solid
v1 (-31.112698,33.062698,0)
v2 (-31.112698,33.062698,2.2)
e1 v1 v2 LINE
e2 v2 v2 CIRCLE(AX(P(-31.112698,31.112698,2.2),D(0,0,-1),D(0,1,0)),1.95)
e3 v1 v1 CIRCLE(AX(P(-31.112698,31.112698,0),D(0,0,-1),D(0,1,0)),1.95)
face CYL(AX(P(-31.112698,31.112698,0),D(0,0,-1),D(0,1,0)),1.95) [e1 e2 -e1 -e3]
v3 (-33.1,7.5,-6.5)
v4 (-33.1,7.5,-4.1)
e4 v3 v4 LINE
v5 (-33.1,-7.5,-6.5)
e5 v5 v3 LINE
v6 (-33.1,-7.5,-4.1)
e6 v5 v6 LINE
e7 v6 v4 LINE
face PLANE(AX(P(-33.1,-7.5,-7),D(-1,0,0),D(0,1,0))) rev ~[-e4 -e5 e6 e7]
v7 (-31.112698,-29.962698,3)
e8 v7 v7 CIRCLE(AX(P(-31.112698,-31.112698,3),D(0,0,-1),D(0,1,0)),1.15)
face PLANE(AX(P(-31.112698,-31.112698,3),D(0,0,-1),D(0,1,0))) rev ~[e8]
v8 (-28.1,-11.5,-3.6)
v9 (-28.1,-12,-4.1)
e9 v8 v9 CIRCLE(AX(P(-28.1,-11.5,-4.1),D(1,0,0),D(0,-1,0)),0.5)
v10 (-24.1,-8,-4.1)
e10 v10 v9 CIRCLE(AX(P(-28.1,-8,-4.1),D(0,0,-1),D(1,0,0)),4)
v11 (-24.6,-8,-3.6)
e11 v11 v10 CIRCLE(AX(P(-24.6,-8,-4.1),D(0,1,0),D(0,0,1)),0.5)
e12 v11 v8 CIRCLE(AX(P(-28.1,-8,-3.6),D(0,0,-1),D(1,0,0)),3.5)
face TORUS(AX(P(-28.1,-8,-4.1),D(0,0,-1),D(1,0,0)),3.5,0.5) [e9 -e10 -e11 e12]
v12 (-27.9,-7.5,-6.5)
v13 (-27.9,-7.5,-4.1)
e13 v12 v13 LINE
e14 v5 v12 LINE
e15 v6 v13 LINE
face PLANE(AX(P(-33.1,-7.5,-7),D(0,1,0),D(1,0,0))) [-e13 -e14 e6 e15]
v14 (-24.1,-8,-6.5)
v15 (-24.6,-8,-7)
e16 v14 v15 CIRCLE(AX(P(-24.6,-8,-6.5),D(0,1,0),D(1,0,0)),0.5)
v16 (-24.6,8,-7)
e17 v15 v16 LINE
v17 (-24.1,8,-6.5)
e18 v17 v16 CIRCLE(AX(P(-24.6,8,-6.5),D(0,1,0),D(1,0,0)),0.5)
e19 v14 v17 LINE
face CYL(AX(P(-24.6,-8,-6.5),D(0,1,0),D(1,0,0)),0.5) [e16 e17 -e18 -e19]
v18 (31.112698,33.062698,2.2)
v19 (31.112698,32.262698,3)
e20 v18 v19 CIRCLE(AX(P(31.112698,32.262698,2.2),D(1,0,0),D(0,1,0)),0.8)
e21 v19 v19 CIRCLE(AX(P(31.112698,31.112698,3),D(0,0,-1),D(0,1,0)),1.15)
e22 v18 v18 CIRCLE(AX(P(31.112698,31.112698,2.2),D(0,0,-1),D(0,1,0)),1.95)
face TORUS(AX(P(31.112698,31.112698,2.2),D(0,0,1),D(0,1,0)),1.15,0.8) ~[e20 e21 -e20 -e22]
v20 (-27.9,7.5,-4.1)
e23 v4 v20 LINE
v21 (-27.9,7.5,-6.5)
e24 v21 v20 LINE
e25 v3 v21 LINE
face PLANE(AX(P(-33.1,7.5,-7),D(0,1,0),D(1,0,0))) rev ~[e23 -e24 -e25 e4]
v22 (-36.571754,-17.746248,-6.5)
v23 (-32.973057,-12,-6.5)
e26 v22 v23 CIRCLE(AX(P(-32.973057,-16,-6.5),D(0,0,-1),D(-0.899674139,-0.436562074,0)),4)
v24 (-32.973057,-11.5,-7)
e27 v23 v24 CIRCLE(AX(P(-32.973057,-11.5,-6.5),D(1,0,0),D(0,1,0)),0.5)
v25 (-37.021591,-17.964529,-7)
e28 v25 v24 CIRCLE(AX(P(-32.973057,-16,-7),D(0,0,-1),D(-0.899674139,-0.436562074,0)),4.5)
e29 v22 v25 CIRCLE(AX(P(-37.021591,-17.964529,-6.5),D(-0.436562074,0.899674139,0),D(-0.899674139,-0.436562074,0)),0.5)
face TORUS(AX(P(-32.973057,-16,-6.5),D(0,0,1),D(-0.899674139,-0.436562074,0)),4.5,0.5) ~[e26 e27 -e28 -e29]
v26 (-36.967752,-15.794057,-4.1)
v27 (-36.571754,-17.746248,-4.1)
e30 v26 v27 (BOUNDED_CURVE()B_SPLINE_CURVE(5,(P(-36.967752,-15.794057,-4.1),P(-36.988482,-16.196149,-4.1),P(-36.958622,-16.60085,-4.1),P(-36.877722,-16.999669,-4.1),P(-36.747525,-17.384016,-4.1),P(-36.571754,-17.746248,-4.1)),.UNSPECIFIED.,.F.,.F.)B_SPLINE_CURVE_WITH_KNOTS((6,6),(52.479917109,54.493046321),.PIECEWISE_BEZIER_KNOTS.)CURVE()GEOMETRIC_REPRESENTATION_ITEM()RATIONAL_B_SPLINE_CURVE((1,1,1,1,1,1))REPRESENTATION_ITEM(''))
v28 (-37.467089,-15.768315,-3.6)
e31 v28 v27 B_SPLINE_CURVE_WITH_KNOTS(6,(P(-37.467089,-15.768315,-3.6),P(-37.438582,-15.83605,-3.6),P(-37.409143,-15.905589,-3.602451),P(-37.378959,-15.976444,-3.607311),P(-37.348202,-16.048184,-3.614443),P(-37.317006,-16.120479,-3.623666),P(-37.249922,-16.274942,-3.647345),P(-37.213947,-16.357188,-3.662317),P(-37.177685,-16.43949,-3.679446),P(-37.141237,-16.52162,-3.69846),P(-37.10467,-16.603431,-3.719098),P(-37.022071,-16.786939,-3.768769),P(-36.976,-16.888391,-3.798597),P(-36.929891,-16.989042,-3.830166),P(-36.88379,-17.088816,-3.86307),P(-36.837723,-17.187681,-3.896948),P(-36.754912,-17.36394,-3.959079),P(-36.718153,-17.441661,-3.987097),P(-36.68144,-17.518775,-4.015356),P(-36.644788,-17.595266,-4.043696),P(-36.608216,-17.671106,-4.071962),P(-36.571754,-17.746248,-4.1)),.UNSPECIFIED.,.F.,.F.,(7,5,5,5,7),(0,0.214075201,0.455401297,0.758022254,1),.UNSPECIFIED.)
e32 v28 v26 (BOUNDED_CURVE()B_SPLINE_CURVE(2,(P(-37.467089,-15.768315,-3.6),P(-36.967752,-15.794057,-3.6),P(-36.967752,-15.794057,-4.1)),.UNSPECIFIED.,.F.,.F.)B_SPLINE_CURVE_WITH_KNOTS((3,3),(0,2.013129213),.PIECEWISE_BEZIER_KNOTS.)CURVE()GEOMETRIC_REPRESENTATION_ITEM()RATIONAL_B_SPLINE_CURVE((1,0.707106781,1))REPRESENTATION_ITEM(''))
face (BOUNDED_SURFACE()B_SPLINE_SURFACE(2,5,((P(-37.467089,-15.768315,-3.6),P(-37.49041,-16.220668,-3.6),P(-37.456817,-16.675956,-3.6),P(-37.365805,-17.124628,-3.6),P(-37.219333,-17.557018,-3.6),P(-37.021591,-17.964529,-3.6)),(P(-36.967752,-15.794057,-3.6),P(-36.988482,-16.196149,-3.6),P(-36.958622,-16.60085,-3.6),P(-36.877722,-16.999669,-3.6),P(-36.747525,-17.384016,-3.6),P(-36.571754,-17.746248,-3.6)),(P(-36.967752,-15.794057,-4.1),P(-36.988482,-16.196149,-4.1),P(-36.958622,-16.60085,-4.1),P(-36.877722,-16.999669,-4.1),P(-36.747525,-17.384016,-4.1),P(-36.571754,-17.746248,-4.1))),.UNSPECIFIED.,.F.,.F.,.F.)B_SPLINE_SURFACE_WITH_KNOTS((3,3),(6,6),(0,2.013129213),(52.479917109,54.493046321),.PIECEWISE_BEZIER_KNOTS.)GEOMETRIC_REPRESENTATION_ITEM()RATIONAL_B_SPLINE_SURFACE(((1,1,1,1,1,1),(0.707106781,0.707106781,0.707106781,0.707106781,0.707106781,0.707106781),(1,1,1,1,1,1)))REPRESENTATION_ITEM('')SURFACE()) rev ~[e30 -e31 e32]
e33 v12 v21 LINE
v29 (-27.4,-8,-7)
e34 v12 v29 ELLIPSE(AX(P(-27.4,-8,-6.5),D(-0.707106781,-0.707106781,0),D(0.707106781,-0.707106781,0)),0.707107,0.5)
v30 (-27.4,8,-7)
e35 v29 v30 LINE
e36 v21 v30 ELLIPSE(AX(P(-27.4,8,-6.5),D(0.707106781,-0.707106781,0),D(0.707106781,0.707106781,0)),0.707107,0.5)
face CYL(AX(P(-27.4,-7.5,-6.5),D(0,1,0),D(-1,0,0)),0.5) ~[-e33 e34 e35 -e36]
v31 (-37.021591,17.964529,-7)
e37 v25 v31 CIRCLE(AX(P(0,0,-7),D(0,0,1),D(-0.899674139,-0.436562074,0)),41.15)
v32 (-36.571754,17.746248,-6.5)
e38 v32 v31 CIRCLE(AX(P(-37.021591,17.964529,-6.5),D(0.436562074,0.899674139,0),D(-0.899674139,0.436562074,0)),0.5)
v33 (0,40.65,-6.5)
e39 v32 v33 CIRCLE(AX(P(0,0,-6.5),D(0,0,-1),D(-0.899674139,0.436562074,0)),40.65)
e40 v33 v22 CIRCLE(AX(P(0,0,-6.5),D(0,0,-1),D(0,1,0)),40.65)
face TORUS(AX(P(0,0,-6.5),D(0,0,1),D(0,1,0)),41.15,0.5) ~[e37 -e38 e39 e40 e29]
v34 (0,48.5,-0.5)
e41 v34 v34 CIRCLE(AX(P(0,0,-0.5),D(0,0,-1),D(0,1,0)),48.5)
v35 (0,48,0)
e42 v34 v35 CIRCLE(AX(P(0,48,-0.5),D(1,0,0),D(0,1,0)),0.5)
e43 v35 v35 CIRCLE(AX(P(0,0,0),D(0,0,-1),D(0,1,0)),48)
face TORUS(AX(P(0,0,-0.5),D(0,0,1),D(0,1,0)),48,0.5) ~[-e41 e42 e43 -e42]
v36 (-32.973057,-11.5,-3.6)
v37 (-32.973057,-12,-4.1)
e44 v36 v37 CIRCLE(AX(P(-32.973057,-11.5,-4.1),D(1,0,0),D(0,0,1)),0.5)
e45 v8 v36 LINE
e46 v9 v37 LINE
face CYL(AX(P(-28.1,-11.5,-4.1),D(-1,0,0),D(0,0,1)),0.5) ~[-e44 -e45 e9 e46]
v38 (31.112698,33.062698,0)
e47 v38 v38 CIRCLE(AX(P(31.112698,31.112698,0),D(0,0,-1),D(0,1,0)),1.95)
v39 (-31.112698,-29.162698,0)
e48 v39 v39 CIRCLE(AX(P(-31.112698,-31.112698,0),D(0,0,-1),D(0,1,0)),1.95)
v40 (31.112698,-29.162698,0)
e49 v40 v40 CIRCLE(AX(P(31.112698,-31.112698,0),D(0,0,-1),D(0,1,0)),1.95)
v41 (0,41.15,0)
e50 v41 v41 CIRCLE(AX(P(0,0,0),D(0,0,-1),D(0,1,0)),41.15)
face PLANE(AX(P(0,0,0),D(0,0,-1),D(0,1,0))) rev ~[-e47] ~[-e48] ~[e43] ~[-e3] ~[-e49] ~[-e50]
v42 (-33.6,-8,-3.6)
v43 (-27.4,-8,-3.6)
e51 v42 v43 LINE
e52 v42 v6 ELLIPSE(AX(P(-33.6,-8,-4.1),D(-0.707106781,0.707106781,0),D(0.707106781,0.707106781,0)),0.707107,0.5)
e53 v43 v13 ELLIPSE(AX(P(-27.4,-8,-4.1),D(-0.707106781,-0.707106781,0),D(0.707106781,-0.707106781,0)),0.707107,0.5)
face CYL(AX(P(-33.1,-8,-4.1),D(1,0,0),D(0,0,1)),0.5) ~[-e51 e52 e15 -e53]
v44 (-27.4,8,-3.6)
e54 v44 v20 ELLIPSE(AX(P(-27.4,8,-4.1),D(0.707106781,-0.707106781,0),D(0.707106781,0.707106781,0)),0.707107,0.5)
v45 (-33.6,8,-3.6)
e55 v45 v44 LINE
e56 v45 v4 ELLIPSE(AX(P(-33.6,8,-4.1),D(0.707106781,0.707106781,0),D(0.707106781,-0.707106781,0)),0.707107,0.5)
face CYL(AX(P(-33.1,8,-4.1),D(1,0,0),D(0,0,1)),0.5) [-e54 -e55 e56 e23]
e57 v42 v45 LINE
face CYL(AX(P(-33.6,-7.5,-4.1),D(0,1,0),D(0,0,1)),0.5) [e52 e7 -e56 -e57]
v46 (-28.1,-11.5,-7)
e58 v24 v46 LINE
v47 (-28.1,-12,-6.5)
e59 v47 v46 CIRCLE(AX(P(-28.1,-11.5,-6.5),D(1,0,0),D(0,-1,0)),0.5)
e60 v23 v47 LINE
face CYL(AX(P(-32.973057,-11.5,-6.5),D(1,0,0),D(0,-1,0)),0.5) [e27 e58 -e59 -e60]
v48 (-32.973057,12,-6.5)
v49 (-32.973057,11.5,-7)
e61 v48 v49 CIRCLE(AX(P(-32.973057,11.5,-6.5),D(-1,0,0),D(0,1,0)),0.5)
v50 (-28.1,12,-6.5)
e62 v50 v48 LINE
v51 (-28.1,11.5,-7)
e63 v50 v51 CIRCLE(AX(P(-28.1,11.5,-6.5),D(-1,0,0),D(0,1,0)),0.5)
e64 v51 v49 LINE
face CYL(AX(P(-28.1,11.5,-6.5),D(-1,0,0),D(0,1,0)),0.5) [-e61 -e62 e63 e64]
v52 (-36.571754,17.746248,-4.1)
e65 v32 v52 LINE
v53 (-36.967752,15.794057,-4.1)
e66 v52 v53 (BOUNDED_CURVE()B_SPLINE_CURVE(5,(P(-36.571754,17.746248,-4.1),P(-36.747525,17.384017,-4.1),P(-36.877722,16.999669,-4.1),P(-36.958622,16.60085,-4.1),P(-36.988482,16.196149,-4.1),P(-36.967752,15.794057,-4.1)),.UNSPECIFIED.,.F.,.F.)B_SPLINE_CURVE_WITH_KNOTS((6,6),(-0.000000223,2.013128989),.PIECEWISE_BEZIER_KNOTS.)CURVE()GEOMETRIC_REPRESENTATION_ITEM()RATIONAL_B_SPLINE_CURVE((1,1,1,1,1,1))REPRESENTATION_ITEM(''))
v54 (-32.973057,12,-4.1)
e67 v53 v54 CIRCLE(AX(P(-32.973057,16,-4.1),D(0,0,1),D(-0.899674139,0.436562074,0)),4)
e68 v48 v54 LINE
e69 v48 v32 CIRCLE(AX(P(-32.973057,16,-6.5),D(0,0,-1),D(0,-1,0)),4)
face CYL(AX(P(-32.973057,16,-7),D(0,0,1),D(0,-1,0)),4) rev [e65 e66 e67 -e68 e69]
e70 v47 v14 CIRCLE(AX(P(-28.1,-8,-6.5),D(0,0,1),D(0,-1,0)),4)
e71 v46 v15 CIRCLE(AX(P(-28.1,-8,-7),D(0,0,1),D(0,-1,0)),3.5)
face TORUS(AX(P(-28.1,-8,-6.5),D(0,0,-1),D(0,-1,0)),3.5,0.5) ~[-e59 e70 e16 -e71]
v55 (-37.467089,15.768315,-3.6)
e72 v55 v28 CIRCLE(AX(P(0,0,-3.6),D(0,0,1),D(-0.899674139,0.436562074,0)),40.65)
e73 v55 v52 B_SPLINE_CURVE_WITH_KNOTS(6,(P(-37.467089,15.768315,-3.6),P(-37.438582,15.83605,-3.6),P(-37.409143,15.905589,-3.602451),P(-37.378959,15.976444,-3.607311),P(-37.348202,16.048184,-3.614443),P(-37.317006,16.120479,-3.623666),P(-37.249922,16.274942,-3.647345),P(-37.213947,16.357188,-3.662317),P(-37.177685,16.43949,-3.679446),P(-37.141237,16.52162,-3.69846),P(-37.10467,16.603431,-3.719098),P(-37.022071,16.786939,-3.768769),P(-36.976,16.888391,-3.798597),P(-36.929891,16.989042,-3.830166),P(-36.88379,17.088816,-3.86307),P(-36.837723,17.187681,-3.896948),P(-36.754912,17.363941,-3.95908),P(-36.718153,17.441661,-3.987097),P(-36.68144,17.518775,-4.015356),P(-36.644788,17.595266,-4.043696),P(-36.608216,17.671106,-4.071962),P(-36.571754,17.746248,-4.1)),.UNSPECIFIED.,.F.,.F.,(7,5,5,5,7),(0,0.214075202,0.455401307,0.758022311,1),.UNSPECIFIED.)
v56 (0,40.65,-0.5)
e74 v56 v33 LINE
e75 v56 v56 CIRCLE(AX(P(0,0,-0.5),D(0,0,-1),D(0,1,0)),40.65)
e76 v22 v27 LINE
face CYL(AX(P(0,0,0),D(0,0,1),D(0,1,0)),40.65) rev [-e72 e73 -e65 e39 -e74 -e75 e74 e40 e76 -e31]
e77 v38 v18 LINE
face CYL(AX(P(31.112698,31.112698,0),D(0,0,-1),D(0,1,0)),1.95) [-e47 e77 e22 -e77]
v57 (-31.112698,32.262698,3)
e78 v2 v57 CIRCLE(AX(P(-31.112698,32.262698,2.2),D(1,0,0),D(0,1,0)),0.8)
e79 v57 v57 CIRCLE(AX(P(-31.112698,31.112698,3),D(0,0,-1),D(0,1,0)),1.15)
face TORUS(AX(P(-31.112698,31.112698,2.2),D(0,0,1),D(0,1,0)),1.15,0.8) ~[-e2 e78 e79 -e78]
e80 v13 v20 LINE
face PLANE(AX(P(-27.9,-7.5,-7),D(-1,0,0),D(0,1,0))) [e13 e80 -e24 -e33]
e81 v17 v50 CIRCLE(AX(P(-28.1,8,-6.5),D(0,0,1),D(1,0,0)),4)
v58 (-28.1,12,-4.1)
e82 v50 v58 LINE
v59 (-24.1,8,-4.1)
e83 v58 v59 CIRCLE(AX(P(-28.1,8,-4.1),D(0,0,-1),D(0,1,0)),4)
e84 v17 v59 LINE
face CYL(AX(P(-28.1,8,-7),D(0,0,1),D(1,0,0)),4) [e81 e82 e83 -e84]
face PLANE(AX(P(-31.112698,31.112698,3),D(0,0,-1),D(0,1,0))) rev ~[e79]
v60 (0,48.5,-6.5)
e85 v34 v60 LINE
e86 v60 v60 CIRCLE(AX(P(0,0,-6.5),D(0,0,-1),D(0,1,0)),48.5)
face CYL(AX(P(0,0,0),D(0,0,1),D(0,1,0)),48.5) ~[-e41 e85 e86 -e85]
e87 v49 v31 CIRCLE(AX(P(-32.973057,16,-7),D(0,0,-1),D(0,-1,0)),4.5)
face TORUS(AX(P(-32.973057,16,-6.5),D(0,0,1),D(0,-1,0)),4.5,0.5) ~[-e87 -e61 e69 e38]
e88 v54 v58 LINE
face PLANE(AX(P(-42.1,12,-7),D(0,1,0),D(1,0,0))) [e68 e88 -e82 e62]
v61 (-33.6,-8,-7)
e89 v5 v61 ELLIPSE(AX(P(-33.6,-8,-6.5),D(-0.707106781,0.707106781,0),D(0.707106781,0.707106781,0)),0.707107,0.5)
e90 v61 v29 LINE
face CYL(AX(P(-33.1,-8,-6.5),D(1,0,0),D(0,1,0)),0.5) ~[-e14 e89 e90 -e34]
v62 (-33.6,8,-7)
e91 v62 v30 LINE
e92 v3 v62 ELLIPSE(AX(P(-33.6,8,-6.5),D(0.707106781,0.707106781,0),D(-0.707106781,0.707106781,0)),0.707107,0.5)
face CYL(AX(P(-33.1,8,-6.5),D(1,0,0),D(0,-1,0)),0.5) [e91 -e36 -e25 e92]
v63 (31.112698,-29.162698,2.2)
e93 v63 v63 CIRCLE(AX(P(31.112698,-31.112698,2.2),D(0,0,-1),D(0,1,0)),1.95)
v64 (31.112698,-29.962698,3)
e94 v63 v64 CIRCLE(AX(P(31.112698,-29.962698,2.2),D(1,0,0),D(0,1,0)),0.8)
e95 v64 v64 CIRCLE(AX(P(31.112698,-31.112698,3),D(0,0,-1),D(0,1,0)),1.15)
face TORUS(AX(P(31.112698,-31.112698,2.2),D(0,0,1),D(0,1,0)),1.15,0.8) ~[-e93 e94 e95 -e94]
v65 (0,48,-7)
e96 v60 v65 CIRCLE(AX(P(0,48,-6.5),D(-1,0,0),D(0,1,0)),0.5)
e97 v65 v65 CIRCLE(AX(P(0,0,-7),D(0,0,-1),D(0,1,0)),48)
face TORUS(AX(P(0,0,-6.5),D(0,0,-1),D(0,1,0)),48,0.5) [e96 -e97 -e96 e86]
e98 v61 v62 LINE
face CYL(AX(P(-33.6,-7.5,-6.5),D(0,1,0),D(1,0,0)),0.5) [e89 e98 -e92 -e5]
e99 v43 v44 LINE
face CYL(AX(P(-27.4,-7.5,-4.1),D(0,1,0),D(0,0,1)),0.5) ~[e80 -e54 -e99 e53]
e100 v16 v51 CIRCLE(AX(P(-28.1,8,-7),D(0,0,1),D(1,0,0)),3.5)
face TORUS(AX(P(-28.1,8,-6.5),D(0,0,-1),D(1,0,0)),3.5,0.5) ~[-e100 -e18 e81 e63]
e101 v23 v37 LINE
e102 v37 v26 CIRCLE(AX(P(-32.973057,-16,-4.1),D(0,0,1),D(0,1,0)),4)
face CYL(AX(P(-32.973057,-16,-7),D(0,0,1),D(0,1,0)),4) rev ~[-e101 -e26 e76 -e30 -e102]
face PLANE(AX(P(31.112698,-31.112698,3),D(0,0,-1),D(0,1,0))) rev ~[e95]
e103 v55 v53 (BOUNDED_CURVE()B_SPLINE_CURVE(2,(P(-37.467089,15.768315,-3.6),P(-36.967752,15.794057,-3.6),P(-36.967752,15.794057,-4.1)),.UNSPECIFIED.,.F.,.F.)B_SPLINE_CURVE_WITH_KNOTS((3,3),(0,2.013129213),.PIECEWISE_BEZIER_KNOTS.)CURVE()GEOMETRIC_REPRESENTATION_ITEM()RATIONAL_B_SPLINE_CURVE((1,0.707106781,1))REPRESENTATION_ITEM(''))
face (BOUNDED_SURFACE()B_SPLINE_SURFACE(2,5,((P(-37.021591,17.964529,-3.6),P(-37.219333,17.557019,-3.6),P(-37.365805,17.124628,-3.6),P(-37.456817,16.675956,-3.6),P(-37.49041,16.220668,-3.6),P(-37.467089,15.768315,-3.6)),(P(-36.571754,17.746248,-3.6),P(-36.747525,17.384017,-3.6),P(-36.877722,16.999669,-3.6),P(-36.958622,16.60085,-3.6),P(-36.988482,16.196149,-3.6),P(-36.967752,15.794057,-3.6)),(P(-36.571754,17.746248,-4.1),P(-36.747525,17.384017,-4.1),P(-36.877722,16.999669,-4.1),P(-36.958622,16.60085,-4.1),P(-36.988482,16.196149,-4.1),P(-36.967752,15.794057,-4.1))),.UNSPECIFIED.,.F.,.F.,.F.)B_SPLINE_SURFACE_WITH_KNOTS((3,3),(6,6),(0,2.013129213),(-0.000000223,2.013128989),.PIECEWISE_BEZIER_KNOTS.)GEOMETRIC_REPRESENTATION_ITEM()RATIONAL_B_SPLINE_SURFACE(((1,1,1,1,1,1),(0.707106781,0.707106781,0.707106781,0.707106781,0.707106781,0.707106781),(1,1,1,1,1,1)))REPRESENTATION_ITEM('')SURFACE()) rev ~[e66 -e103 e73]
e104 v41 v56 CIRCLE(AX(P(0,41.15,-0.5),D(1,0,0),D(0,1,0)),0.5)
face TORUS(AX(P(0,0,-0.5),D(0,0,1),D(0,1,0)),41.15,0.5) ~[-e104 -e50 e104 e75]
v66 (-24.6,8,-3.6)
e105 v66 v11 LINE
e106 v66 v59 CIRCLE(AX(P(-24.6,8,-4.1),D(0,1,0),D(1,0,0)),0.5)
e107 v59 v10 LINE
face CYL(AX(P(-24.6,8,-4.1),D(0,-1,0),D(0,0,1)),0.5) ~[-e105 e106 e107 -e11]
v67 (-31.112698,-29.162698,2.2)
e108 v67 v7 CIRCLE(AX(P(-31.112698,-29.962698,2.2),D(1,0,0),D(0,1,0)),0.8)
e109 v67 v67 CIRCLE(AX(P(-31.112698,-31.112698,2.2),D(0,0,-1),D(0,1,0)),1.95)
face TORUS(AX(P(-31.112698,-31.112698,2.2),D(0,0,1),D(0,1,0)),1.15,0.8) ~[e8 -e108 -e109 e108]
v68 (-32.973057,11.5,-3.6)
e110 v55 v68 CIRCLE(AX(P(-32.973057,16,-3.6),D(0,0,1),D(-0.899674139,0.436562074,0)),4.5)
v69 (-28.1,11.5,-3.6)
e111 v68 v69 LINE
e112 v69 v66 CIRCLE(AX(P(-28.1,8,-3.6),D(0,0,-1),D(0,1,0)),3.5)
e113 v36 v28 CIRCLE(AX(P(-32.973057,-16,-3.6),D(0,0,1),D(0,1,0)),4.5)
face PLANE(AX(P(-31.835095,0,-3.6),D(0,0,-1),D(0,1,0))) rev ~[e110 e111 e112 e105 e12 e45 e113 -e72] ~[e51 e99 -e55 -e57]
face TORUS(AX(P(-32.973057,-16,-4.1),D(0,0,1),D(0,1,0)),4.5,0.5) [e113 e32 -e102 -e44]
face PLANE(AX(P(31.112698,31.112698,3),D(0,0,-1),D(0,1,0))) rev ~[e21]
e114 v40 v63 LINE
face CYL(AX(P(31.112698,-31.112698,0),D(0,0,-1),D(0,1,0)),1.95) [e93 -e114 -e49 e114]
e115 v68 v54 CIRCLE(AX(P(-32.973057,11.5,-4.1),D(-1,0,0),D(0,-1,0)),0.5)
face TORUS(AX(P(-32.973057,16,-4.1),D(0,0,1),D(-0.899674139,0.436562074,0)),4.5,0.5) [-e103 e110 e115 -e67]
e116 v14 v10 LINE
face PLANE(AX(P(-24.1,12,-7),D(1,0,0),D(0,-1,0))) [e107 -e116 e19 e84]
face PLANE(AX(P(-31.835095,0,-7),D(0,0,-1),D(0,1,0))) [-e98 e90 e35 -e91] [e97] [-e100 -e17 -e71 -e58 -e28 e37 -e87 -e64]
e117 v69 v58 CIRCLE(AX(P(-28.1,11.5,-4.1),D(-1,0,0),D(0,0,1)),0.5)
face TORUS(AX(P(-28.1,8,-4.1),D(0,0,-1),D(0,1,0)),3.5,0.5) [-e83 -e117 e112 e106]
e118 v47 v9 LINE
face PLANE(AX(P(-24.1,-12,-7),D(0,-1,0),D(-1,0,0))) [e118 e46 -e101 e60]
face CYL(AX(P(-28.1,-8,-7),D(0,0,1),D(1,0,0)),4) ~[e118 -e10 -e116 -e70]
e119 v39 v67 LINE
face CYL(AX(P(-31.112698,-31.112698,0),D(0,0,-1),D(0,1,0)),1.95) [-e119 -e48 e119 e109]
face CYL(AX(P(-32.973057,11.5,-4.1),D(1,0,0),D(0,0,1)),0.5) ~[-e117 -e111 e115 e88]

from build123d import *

# Parameters (mm, degrees)
F0_R     = 48.5
F0_R_2   = 1.95
F0_R_3   = 40.65
F1_DEPTH = 7
F2_DEPTH = 3
F3_R     = 0.8
F4_W     = 15
F4_H     = 5.2
F5_DEPTH = 3.4
F6_R     = 4
F7_R     = 0.5
F8_R     = 0.5
F9_ANGLE = 180


with BuildPart() as f1:
    # F0 (on Top) → F1 (new body)
    with BuildSketch(Plane.XY):
        Circle(F0_R)
        with Locations((-31.1126983722, -31.1126983722)):
            Circle(F0_R_2, mode=Mode.SUBTRACT)
        with Locations((31.1126983722, -31.1126983722)):
            Circle(F0_R_2, mode=Mode.SUBTRACT)
        with Locations((-31.1126983722, 31.1126983722)):
            Circle(F0_R_2, mode=Mode.SUBTRACT)
        Circle(F0_R_3, mode=Mode.SUBTRACT)
        with Locations((31.1126983722, 31.1126983722)):
            Circle(F0_R_2, mode=Mode.SUBTRACT)
        with Locations((-31.1126983722, 31.1126983722)):
            Circle(F0_R_2)
        with Locations((31.1126983722, 31.1126983722)):
            Circle(F0_R_2)
        with Locations((31.1126983722, -31.1126983722)):
            Circle(F0_R_2)
        with Locations((-31.1126983722, -31.1126983722)):
            Circle(F0_R_2)
    extrude(amount=F1_DEPTH)

    # F0 (on Top) → F2 (join)
    with BuildSketch(Plane.XY):
        with Locations((31.1126983722, 31.1126983722)):
            Circle(F0_R_2)
        with Locations((-31.1126983722, 31.1126983722)):
            Circle(F0_R_2)
        with Locations((-31.1126983722, -31.1126983722)):
            Circle(F0_R_2)
        with Locations((31.1126983722, -31.1126983722)):
            Circle(F0_R_2)
    extrude(amount=-F2_DEPTH)

    # F3
    f3_edges = [f1.edges().sort_by_distance(p)[0] for p in [
        (29.162698, 31.112698, -3),
        (-33.062698, 31.112698, -3),
        (-33.062698, -31.112698, -3),
        (29.162698, -31.112698, -3),
    ]]
    fillet(f3_edges, radius=F3_R)

    # F4 (on face) → F5 (join)
    with BuildSketch(Plane.XY.offset(7)):
        with BuildLine():
            Line((12, -38.8384152612), (12, -24.1))
            Line((12, -24.1), (-12, -24.1))
            Line((-12, -24.1), (-12, -38.8384152612))
            ThreePointArc((-12, -38.8384152612), (0, -40.65), (12, -38.8384152612))
        make_face()
        with Locations((0, -30.5)):
            Rectangle(F4_W, F4_H, mode=Mode.SUBTRACT)
        with BuildLine():
            Line((12, -42.1), (12, -38.8384152612))
            ThreePointArc((12, -38.8384152612), (0, -40.65), (-12, -38.8384152612))
            Line((-12, -38.8384152612), (-12, -42.1))
            Line((-12, -42.1), (12, -42.1))
        make_face()
    extrude(amount=-F5_DEPTH)

    # F6
    f6_edges = [f1.edges().sort_by_distance(p)[0] for p in [
        (-12, -24.1, 5.3),
        (12, -24.1, 5.3),
        (12, -38.838415, 5.3),
        (-12, -38.838415, 5.3),
    ]]
    fillet(f6_edges, radius=F6_R)

    # F7
    f7_edges = [f1.edges().sort_by_distance(p)[0] for p in [
        (-21.575884, 34.451469, 7),
        (-13.876912, -36.363116, 7),
        (34.451469, -21.575884, 7),
        (-12, -30.536529, 7),
        (13.876912, -36.363116, 7),
        (-10.828427, -25.271573, 7),
        (12, -30.536529, 7),
        (0, -24.1, 7),
        (10.828427, -25.271573, 7),
        (-48.5, 0, 7),
        (0, -33.1, 7),
        (-7.5, -30.5, 7),
        (0, -27.9, 7),
        (7.5, -30.5, 7),
    ]]
    fillet(f7_edges, radius=F7_R)

    # F8 (call 1 of 4: OpenCascade refuses the feature's edges together)
    f8_edges = [f1.edges().sort_by_distance(p)[0] for p in [
        (-48.5, 0, 0),
    ]]
    fillet(f8_edges, radius=F8_R)

    # F8#2 (call 2 of 4)
    f8_2_edges = [f1.edges().sort_by_distance(p)[0] for p in [
        (-40.65, 0, 0),
    ]]
    fillet(f8_2_edges, radius=F8_R)

    # F8#3 (call 3 of 4)
    f8_3_edges = [f1.edges().sort_by_distance(p)[0] for p in [
        (-7.5, -30.5, 3.6),
        (0, -27.9, 3.6),
        (7.5, -30.5, 3.6),
        (0, -33.1, 3.6),
    ]]
    fillet(f8_3_edges, radius=F8_R)

    # F8#4 (call 4 of 4)
    f8_4_edges = [f1.edges().sort_by_distance(p)[0] for p in [
        (-13.876912, -36.363116, 3.6),
        (-12, -30.536529, 3.6),
    ]]
    fillet(f8_4_edges, radius=F8_R)


with BuildPart() as f1_1:
    # F9: moved
    add(f1.part.rotate(Axis((0, 0, 0), (0.7071067812, 0.7071067812, 0)), F9_ANGLE))


solid = f1_1.part
